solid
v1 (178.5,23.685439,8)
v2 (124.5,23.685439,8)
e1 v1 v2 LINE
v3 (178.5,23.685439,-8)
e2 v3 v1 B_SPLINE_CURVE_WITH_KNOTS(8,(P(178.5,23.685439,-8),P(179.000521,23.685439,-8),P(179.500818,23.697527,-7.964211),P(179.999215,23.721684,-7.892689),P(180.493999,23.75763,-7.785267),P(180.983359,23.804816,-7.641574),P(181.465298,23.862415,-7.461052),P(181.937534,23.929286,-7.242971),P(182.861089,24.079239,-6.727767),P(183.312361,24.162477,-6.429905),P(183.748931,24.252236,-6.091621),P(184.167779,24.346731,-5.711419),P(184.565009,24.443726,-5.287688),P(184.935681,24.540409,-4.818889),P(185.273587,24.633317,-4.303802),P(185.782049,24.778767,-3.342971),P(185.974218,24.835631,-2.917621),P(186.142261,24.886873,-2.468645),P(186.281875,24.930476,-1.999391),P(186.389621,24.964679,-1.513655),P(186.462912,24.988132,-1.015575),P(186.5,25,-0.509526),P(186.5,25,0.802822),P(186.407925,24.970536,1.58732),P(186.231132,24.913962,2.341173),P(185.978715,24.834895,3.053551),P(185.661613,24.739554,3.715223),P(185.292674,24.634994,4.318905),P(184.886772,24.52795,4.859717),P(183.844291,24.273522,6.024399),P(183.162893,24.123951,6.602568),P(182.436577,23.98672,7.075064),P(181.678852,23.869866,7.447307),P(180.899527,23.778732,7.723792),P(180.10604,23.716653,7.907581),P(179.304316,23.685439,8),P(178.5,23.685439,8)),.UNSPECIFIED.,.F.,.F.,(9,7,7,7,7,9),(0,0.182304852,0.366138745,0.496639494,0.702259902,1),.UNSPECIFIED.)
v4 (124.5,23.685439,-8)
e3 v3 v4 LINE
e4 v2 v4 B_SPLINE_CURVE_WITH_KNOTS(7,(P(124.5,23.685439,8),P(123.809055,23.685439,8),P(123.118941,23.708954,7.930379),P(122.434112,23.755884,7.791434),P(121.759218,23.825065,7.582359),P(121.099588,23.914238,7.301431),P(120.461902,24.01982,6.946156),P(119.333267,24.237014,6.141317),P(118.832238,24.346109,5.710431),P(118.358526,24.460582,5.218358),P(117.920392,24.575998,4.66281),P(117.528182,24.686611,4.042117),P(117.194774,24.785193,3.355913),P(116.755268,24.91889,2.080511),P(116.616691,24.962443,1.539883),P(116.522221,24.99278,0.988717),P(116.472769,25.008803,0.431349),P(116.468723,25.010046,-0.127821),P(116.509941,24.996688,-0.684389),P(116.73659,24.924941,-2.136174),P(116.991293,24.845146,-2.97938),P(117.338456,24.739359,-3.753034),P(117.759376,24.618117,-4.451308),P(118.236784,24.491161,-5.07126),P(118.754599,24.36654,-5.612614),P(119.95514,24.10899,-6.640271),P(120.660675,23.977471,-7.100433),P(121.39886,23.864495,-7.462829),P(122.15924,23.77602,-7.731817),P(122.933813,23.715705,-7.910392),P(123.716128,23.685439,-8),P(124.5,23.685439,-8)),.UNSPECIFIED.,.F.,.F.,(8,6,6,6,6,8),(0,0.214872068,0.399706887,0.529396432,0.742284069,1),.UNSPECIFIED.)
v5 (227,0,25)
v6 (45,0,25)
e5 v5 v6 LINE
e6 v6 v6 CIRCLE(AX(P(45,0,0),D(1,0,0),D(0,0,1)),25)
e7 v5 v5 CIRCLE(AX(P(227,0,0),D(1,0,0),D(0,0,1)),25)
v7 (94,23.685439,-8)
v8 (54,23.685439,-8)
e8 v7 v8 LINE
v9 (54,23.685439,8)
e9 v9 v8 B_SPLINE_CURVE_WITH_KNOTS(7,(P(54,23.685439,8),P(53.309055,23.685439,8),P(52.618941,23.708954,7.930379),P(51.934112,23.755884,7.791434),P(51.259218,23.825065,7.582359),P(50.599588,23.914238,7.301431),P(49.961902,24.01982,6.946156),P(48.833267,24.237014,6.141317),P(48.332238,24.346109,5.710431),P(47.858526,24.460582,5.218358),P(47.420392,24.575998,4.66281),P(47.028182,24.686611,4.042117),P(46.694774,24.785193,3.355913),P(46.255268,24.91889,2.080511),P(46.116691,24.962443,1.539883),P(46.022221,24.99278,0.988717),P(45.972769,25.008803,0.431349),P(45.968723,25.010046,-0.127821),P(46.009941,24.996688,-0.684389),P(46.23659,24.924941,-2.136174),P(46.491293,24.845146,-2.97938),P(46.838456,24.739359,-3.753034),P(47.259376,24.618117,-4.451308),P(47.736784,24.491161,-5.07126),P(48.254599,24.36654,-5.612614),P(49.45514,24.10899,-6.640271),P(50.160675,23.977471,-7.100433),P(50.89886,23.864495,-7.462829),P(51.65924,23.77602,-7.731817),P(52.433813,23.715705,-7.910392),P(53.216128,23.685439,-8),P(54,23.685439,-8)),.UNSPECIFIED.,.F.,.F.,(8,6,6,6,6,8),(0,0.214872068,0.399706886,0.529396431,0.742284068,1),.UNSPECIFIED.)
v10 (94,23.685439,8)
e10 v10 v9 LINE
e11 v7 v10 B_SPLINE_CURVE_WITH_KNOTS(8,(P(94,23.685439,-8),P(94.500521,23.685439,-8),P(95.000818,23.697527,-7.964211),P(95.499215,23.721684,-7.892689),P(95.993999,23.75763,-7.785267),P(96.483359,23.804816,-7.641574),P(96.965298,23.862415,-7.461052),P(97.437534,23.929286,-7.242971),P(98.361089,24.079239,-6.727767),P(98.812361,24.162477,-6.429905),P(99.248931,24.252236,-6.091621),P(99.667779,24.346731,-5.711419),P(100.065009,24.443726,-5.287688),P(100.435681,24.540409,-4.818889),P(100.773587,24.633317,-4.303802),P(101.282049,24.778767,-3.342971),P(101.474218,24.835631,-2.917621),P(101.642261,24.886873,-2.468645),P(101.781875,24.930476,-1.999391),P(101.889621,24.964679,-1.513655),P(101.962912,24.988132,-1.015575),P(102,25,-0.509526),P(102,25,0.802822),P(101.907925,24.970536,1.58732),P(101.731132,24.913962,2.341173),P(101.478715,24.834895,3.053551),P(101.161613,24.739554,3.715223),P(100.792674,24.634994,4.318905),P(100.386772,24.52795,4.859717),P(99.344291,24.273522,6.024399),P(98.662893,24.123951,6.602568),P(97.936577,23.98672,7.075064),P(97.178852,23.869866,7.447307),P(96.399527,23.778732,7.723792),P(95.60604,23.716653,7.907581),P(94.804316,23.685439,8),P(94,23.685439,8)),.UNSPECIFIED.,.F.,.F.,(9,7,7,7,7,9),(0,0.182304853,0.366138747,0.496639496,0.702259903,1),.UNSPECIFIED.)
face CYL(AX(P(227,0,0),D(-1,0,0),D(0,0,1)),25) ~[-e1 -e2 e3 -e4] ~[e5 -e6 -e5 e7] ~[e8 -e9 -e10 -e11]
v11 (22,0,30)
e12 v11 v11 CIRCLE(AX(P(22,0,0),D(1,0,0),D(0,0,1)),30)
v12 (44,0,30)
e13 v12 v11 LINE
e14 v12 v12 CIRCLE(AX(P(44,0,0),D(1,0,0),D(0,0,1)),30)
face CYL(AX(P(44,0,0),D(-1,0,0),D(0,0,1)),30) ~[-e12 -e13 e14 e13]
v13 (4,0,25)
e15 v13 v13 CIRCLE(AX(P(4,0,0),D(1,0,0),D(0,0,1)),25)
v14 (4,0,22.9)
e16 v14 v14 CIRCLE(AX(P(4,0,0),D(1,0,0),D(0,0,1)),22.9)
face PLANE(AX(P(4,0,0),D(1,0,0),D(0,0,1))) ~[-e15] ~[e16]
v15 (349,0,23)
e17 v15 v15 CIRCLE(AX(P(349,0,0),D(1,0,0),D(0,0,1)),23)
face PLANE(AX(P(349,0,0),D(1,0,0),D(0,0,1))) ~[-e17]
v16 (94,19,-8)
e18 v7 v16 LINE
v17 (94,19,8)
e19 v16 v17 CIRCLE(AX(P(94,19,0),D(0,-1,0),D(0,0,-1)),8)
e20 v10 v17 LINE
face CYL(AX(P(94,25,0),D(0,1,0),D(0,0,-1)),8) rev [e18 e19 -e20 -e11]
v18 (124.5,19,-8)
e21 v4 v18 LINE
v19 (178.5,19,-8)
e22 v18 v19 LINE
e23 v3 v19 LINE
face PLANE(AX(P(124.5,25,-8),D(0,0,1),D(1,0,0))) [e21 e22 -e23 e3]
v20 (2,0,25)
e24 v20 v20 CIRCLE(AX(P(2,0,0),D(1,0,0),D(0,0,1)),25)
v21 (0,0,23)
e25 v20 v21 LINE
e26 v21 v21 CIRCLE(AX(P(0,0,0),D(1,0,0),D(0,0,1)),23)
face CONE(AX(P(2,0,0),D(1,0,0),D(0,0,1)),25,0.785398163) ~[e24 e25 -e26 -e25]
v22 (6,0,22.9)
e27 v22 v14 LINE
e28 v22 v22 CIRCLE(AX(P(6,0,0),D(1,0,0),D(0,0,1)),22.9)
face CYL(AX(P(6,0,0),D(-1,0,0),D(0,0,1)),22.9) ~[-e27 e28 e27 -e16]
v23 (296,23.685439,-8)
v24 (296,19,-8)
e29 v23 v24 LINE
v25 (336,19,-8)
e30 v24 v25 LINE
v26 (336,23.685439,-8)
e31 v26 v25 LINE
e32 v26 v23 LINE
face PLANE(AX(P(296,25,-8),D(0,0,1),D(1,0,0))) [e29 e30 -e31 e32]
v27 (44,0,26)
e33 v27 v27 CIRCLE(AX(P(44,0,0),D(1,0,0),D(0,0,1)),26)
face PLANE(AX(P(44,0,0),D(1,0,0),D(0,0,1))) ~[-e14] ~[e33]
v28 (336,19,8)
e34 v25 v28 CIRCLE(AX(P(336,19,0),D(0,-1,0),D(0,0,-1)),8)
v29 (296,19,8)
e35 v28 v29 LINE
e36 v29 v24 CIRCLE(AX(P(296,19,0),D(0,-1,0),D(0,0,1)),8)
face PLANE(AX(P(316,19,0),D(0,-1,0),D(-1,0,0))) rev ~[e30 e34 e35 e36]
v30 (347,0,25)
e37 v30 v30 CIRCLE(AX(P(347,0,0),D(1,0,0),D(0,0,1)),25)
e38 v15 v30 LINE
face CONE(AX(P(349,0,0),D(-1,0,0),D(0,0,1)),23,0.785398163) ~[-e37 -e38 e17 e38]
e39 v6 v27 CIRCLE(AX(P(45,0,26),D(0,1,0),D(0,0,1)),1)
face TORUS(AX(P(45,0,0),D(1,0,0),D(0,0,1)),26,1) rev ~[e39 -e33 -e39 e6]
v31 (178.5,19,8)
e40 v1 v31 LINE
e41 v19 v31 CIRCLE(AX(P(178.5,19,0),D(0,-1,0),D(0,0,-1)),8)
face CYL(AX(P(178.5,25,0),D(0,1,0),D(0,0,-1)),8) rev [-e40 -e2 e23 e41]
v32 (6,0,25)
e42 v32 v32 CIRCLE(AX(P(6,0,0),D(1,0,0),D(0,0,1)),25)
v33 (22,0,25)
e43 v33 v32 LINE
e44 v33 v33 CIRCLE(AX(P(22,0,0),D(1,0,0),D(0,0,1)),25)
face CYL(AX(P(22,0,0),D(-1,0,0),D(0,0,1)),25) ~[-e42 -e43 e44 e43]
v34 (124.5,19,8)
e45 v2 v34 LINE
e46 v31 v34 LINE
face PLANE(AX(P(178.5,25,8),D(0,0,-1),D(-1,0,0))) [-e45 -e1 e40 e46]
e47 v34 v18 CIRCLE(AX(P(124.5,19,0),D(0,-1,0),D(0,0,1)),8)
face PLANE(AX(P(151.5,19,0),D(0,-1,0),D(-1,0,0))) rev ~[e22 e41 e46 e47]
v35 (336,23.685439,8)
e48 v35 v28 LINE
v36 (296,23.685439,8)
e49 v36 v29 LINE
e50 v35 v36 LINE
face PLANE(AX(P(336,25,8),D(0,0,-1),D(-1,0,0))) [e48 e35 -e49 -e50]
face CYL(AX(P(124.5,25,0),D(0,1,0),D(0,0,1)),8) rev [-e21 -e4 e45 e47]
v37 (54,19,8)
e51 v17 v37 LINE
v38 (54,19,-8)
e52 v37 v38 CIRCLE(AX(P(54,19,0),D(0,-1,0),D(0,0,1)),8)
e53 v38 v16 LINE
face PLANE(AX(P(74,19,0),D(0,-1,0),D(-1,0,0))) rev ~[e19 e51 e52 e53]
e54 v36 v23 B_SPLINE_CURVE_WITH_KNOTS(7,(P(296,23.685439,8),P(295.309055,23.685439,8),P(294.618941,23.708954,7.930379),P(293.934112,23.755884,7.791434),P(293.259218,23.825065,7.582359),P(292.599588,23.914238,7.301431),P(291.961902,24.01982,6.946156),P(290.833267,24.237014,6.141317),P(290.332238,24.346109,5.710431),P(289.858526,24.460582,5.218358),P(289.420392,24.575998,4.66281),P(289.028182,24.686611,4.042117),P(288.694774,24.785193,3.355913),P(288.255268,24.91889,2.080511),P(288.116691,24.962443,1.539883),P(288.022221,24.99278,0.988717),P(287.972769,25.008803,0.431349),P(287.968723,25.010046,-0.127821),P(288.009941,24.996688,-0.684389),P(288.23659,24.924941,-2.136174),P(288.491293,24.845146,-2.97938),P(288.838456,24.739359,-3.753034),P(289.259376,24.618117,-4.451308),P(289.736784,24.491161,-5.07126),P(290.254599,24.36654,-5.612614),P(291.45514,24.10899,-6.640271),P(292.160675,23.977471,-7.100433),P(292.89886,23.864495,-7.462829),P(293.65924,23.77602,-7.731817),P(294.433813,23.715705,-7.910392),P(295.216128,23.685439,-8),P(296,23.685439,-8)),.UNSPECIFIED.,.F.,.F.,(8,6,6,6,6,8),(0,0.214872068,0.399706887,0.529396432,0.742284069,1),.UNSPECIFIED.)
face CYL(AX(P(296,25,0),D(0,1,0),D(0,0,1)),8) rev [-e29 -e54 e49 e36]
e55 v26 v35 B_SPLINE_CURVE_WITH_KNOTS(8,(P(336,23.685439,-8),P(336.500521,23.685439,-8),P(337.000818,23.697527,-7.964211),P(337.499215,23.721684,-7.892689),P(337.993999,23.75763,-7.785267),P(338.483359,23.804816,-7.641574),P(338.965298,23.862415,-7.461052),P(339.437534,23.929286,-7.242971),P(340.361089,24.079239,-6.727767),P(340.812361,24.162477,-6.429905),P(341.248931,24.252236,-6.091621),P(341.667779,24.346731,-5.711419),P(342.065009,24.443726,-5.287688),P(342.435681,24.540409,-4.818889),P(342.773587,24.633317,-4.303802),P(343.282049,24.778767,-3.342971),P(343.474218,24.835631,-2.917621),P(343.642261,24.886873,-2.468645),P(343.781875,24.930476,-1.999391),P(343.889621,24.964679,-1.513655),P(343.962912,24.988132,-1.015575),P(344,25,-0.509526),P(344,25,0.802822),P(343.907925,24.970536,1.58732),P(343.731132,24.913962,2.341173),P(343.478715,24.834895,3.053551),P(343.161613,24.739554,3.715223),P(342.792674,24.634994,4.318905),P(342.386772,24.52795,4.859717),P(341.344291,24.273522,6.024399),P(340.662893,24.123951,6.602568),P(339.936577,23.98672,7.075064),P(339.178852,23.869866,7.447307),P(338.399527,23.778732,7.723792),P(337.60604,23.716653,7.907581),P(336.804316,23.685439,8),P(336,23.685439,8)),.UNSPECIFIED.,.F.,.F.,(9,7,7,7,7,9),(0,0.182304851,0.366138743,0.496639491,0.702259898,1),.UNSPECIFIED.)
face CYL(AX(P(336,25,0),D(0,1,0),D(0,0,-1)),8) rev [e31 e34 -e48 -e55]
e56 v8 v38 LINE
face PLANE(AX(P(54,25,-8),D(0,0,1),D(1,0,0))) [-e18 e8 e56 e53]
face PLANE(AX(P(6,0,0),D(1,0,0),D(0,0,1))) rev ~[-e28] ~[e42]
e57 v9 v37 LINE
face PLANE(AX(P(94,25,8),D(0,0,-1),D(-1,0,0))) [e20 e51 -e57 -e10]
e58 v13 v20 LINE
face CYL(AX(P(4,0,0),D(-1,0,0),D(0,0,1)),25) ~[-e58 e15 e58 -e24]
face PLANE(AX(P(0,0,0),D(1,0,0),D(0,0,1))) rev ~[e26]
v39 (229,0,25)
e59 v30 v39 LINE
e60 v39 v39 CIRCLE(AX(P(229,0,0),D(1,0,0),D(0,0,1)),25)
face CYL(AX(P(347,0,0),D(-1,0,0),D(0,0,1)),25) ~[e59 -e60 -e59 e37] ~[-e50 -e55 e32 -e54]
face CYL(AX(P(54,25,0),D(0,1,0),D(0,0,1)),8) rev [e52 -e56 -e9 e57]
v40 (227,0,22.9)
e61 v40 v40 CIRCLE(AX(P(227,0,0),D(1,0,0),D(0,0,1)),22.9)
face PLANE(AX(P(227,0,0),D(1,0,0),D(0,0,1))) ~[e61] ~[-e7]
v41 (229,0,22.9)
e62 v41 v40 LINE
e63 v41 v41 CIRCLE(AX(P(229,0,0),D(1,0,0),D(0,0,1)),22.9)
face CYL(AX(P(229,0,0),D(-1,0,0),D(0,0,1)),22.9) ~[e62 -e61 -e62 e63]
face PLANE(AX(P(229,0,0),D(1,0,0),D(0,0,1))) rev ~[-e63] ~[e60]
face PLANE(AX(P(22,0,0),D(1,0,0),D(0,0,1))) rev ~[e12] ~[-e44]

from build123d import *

# Parameters (mm, degrees)
CUT_EXTRUDE1_DEPTH = 6
CUT_EXTRUDE2_DEPTH = 6
FILLET1_R          = 1
CUT_EXTRUDE3_DEPTH = 6


with BuildPart() as part:
    # Sketch1 → Revolve1 (revolve)
    with BuildSketch(Plane.XY, mode=Mode.PRIVATE) as revolve1_sk:
        Polygon((0, 0), (349, 0), (349, 23), (347, 25), (229, 25), (229, 22.9), (227, 22.9), (227, 25), (44, 25), (44, 30), (22, 30), (22, 25), (6, 25), (6, 22.9), (4, 22.9), (4, 25), (2, 25), (0, 23), align=None)
    revolve(revolve1_sk.sketch.rotate(Axis((0, 0, 0), (1, 0, 0)), 90), axis=Axis((0, 0, 0), (1, 0, 0)))

    # Sketch2 → Cut-Extrude1 (cut)
    with BuildSketch(Plane(origin=(0, 25, 0), x_dir=(1, 0, 0), z_dir=(0, 1, 0))):
        with BuildLine():
            Line((54, 8), (94, 8))
            ThreePointArc((94, 8), (102, 0), (94, -8))
            Line((94, -8), (54, -8))
            ThreePointArc((54, -8), (46, 0), (54, 8))
        make_face()
    extrude(amount=-CUT_EXTRUDE1_DEPTH, mode=Mode.SUBTRACT)

    # Sketch3 → Cut-Extrude2 (cut)
    with BuildSketch(Plane(origin=(0, 25, 0), x_dir=(1, 0, 0), z_dir=(0, 1, 0))):
        with BuildLine():
            Line((124.5, 8), (178.5, 8))
            ThreePointArc((178.5, 8), (186.5, 0), (178.5, -8))
            Line((178.5, -8), (124.5, -8))
            ThreePointArc((124.5, -8), (116.5, 0), (124.5, 8))
        make_face()
    extrude(amount=-CUT_EXTRUDE2_DEPTH, mode=Mode.SUBTRACT)

    # Fillet1
    fillet1_edges = [part.edges().sort_by_distance(p)[0] for p in [
        (44, 0, -25),
    ]]
    fillet(fillet1_edges, radius=FILLET1_R)

    # Sketch4 → Cut-Extrude3 (cut)
    with BuildSketch(Plane(origin=(0, 25, 0), x_dir=(1, 0, 0), z_dir=(0, 1, 0))):
        with BuildLine():
            Line((296, 8), (336, 8))
            ThreePointArc((336, 8), (344, 0), (336, -8))
            Line((336, -8), (296, -8))
            ThreePointArc((296, -8), (288, 0), (296, 8))
        make_face()
    extrude(amount=-CUT_EXTRUDE3_DEPTH, mode=Mode.SUBTRACT)


solid = part.part
